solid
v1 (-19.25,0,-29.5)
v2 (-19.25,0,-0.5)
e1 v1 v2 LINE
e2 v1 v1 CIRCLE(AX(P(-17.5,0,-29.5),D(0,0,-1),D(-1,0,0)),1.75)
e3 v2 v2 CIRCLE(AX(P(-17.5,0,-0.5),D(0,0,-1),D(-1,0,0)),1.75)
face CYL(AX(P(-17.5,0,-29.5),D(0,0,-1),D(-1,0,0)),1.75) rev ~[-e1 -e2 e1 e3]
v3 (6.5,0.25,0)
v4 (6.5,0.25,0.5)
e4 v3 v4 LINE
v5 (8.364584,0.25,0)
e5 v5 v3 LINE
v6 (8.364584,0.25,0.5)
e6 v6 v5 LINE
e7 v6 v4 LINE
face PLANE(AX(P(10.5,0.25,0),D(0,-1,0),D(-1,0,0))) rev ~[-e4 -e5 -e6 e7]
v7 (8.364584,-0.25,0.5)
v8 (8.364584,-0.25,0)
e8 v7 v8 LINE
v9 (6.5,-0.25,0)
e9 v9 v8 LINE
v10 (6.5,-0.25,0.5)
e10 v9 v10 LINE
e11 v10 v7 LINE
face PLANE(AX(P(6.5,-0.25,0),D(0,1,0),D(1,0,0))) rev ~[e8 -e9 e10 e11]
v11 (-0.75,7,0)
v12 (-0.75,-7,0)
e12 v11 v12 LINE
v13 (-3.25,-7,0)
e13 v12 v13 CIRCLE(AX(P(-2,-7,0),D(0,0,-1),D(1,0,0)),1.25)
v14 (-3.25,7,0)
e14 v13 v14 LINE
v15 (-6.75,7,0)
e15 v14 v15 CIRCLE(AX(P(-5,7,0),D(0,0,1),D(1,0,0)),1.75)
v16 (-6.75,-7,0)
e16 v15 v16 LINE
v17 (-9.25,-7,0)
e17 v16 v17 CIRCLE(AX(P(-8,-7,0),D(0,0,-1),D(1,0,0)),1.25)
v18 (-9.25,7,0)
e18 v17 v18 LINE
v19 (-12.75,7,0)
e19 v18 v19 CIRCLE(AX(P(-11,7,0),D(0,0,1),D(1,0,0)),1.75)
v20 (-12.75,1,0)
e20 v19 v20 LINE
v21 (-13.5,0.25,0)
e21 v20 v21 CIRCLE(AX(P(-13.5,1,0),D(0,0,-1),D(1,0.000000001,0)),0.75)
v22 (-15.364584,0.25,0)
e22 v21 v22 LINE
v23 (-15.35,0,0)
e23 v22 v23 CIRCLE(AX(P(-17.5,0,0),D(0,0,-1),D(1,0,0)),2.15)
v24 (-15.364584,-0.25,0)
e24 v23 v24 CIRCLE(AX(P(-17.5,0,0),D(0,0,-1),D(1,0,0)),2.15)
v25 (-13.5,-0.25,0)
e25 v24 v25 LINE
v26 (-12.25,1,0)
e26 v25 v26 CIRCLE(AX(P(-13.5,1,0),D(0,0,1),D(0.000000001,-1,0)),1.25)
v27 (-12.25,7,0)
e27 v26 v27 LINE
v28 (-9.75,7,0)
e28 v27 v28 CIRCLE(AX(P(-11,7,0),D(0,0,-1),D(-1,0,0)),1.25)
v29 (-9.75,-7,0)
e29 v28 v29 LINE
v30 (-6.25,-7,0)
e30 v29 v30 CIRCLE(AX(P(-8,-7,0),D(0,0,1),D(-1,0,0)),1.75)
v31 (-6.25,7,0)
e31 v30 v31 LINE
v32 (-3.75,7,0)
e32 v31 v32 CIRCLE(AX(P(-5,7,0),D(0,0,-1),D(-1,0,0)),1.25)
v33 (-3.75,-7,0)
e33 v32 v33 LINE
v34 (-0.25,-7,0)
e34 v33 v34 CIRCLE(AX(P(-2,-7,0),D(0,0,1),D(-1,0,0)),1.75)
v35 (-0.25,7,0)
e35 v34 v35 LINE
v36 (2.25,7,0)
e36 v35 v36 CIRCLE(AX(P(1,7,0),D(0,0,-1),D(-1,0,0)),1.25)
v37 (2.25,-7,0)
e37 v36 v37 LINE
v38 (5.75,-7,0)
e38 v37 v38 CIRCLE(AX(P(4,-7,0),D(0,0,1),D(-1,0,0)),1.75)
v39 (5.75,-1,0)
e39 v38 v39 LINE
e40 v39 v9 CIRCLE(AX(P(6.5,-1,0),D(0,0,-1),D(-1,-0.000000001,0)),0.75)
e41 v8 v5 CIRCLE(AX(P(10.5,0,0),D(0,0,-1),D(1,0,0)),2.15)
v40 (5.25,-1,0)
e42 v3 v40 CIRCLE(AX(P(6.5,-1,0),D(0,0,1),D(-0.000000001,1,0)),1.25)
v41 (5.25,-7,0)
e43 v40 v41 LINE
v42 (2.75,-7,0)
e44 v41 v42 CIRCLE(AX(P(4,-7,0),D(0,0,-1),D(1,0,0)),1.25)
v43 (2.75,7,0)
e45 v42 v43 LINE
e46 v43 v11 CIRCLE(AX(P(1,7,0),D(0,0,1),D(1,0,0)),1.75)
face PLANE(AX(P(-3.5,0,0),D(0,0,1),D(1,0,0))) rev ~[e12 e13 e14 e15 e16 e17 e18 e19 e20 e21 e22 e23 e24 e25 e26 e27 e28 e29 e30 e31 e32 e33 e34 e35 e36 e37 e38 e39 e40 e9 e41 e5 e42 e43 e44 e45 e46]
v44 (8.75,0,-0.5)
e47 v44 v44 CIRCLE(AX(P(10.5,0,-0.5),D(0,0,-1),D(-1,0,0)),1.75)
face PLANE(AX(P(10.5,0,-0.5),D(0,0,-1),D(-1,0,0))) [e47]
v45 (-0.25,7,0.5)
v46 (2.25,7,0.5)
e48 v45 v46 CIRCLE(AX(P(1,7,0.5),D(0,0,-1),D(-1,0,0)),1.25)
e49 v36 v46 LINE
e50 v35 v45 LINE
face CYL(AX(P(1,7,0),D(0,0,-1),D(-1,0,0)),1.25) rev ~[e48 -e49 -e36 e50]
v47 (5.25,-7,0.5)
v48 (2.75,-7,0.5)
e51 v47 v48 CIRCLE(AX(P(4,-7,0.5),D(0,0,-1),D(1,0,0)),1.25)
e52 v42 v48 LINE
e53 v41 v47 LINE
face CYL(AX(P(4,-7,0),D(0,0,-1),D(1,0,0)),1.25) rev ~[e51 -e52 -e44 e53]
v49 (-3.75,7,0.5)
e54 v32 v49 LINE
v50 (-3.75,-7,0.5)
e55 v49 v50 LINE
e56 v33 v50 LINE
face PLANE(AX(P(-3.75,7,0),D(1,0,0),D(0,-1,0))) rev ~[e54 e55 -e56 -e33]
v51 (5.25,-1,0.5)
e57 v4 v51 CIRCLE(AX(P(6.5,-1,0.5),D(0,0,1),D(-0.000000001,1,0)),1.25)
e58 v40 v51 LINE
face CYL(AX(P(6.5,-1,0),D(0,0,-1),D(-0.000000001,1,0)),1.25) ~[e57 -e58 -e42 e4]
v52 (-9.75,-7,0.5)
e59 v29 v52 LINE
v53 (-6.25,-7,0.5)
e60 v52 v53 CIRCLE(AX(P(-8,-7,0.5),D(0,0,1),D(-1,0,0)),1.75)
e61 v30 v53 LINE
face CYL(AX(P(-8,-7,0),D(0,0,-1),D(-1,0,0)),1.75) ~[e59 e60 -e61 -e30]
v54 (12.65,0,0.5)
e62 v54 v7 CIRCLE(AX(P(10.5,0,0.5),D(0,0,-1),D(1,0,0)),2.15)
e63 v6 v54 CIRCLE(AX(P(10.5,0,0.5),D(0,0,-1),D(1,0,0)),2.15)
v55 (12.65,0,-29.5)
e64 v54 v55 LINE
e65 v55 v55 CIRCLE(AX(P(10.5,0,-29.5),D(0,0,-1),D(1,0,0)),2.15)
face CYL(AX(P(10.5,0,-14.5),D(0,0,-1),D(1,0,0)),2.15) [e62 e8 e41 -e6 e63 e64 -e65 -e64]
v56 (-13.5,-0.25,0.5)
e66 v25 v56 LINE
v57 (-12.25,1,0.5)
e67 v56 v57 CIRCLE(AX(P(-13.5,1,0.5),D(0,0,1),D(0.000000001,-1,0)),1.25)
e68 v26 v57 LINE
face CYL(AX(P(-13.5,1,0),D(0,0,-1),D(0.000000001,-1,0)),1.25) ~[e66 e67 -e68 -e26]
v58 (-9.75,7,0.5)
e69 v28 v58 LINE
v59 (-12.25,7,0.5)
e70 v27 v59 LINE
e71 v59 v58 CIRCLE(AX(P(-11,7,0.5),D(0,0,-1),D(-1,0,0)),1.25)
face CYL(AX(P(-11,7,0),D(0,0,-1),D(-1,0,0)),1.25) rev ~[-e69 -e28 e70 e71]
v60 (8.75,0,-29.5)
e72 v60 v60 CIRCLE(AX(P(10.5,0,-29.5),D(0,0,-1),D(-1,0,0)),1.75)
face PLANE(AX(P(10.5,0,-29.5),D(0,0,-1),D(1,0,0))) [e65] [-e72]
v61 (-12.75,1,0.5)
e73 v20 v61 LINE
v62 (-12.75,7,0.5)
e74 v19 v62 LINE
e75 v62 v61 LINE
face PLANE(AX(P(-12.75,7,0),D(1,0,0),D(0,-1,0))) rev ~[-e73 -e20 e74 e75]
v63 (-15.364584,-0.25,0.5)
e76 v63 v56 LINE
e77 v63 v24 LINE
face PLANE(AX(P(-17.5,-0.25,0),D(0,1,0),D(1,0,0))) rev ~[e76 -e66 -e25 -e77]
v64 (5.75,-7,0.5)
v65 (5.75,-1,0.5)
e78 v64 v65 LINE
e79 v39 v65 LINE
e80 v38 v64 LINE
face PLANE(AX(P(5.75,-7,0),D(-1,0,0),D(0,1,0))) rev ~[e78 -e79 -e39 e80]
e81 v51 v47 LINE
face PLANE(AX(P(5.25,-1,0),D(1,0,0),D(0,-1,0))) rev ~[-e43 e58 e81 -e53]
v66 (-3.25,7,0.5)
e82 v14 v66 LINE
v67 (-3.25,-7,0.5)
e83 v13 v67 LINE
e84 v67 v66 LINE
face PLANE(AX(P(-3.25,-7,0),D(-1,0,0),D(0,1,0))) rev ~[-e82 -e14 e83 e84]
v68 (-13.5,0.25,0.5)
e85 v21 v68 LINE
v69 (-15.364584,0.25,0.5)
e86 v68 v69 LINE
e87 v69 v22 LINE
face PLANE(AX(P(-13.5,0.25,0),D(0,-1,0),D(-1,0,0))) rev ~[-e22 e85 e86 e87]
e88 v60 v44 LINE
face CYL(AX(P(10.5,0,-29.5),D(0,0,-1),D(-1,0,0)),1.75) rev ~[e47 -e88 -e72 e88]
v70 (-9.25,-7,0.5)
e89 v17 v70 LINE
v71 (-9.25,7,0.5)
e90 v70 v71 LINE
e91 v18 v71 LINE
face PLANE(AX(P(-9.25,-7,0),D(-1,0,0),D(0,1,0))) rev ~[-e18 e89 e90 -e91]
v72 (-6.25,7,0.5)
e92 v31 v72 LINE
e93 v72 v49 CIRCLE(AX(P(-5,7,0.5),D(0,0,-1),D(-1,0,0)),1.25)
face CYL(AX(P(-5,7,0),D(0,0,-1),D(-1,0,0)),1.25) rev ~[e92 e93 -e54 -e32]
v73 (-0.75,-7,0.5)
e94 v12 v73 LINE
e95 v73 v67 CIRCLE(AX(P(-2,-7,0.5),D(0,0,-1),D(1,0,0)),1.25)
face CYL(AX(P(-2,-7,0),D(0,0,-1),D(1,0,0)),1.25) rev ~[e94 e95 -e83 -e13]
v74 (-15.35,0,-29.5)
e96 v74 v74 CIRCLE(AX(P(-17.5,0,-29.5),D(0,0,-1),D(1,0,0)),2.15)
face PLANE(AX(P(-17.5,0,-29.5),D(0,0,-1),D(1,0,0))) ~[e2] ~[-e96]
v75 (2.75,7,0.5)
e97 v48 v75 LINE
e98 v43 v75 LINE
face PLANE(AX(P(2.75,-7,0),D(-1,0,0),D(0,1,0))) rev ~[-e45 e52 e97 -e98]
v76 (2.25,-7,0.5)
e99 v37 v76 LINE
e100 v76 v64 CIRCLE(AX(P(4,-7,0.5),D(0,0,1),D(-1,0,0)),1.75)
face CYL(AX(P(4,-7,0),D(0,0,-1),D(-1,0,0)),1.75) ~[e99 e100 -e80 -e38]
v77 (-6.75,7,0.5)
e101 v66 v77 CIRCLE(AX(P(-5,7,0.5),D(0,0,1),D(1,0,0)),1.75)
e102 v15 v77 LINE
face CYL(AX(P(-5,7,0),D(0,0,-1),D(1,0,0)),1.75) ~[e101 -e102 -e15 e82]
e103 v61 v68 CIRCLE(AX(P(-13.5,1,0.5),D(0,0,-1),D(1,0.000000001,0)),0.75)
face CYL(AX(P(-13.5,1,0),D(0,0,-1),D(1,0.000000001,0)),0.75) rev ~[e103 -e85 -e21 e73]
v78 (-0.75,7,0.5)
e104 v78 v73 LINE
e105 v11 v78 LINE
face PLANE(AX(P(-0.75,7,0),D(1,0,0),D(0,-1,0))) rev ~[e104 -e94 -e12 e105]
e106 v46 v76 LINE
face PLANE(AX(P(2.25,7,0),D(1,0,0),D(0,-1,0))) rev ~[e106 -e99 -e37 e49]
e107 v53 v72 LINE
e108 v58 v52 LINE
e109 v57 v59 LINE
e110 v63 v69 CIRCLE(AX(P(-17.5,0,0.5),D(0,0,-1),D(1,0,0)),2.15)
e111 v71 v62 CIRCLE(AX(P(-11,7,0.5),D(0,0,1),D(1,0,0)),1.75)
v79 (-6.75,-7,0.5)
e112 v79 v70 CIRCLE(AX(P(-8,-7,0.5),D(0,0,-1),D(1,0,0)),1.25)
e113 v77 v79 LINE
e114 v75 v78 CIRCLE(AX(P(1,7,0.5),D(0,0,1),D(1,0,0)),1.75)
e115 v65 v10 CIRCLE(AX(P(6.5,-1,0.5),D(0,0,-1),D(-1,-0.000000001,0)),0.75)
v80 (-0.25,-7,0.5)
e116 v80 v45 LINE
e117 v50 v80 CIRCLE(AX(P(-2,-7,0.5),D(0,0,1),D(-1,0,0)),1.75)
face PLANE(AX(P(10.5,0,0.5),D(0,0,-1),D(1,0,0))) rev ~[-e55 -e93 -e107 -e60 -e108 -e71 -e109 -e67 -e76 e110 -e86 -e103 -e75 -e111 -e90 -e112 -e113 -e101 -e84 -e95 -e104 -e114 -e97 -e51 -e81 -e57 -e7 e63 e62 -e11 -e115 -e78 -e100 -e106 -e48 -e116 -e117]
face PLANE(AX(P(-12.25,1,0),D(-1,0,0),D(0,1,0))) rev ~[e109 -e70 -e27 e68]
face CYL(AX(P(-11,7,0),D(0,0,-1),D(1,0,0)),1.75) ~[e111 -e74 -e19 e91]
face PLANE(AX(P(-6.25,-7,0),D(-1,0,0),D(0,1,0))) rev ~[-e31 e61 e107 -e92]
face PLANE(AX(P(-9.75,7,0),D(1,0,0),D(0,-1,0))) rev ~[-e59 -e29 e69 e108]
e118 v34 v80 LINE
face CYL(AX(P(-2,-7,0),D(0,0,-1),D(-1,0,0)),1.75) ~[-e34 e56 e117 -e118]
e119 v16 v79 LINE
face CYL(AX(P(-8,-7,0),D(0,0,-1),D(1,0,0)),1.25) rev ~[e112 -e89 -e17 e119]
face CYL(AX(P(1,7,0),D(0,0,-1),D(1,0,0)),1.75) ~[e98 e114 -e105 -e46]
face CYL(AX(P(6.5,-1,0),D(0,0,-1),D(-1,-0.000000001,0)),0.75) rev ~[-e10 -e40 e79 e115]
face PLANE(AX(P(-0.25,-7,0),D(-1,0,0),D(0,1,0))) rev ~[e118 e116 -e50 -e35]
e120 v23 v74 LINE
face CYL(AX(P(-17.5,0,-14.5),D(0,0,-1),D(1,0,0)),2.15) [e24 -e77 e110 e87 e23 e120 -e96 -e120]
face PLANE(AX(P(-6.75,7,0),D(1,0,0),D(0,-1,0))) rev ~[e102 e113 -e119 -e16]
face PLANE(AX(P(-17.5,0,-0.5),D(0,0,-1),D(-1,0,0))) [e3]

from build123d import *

# Parameters (mm, degrees)
BOSS_EXTRUDE1_DEPTH = 0.5
SKETCH3_W           = 2.15
SKETCH3_H           = 30
SKETCH4_W           = 2.15
SKETCH4_H           = 30
SKETCH5_R           = 1.75
CUT_EXTRUDE1_DEPTH  = 29


with BuildPart() as part:
    # Sketch2 → Boss-Extrude1 (new body)
    with BuildSketch(Plane.XY):
        with BuildLine():
            Line((-17.5, -0.25), (-13.5, -0.25))
            ThreePointArc((-13.5, -0.25), (-12.616116524, 0.116116524), (-12.25, 1))
            Line((-12.25, 1), (-12.25, 7))
            ThreePointArc((-12.25, 7), (-11, 8.25), (-9.75, 7))
            Line((-9.75, 7), (-9.75, 0))
            Line((-9.75, 0), (-9.75, -7))
            ThreePointArc((-9.75, -7), (-8, -8.75), (-6.25, -7))
            Line((-6.25, -7), (-6.25, 0))
            Line((-6.25, 0), (-6.25, 7))
            ThreePointArc((-6.25, 7), (-5, 8.25), (-3.75, 7))
            Line((-3.75, 7), (-3.75, 0))
            Line((-3.75, 0), (-3.75, -7))
            ThreePointArc((-3.75, -7), (-2, -8.75), (-0.25, -7))
            Line((-0.25, -7), (-0.25, 0))
            Line((-0.25, 0), (-0.25, 7))
            ThreePointArc((-0.25, 7), (1, 8.25), (2.25, 7))
            Line((2.25, 7), (2.25, 0))
            Line((2.25, 0), (2.25, -7))
            ThreePointArc((2.25, -7), (4, -8.75), (5.75, -7))
            Line((5.75, -7), (5.75, -1))
            ThreePointArc((5.75, -1), (5.969669914, -0.469669914), (6.5, -0.25))
            Line((6.5, -0.25), (10.5, -0.25))
            ThreePointArc((10.5, -0.25), (10.75, 0), (10.5, 0.25))
            Line((10.5, 0.25), (6.5, 0.25))
            ThreePointArc((6.5, 0.25), (5.616116524, -0.116116524), (5.25, -1))
            Line((5.25, -1), (5.25, -7))
            ThreePointArc((5.25, -7), (4, -8.25), (2.75, -7))
            Line((2.75, -7), (2.75, 0))
            Line((2.75, 0), (2.75, 7))
            ThreePointArc((2.75, 7), (1, 8.75), (-0.75, 7))
            Line((-0.75, 7), (-0.75, 0))
            Line((-0.75, 0), (-0.75, -7))
            ThreePointArc((-0.75, -7), (-2, -8.25), (-3.25, -7))
            Line((-3.25, -7), (-3.25, 0))
            Line((-3.25, 0), (-3.25, 7))
            ThreePointArc((-3.25, 7), (-5, 8.75), (-6.75, 7))
            Line((-6.75, 7), (-6.75, 0))
            Line((-6.75, 0), (-6.75, -7))
            ThreePointArc((-6.75, -7), (-8, -8.25), (-9.25, -7))
            Line((-9.25, -7), (-9.25, 0))
            Line((-9.25, 0), (-9.25, 7))
            ThreePointArc((-9.25, 7), (-11, 8.75), (-12.75, 7))
            Line((-12.75, 7), (-12.75, 1))
            ThreePointArc((-12.75, 1), (-12.969669914, 0.469669914), (-13.5, 0.25))
            Line((-13.5, 0.25), (-17.5, 0.25))
            ThreePointArc((-17.5, 0.25), (-17.75, 0), (-17.5, -0.25))
        make_face()
    extrude(amount=BOSS_EXTRUDE1_DEPTH)

    # Sketch3 → Revolve1 (revolve)
    with BuildSketch(Plane(origin=(0, 0, 0), x_dir=(-1, 0, 0), z_dir=(0, -1, 0)), mode=Mode.PRIVATE) as revolve1_sk:
        with Locations((18.575, 14.5)):
            Rectangle(SKETCH3_W, SKETCH3_H)
    revolve(revolve1_sk.sketch.rotate(Axis((-17.5, 0, 0.5), (0, 0, -1)), 180), axis=Axis((-17.5, 0, 0.5), (0, 0, -1)))

    # Sketch4 → Revolve2 (revolve)
    with BuildSketch(Plane(origin=(0, 0, 0), x_dir=(-1, 0, 0), z_dir=(0, -1, 0))):
        with Locations((-11.575, 14.5)):
            Rectangle(SKETCH4_W, SKETCH4_H)
    revolve(axis=Axis((10.5, 0, 0.5), (0, 0, -1)))

    # Sketch5 → Cut-Extrude1 (cut)
    with BuildSketch(Plane(origin=(0, 0, -29.5), x_dir=(-1, 0, 0), z_dir=(0, 0, -1))):
        with Locations((-10.5, 0)):
            Circle(SKETCH5_R)
        with Locations((17.5, 0)):
            Circle(SKETCH5_R)
    extrude(amount=-CUT_EXTRUDE1_DEPTH, mode=Mode.SUBTRACT)


solid = part.part
